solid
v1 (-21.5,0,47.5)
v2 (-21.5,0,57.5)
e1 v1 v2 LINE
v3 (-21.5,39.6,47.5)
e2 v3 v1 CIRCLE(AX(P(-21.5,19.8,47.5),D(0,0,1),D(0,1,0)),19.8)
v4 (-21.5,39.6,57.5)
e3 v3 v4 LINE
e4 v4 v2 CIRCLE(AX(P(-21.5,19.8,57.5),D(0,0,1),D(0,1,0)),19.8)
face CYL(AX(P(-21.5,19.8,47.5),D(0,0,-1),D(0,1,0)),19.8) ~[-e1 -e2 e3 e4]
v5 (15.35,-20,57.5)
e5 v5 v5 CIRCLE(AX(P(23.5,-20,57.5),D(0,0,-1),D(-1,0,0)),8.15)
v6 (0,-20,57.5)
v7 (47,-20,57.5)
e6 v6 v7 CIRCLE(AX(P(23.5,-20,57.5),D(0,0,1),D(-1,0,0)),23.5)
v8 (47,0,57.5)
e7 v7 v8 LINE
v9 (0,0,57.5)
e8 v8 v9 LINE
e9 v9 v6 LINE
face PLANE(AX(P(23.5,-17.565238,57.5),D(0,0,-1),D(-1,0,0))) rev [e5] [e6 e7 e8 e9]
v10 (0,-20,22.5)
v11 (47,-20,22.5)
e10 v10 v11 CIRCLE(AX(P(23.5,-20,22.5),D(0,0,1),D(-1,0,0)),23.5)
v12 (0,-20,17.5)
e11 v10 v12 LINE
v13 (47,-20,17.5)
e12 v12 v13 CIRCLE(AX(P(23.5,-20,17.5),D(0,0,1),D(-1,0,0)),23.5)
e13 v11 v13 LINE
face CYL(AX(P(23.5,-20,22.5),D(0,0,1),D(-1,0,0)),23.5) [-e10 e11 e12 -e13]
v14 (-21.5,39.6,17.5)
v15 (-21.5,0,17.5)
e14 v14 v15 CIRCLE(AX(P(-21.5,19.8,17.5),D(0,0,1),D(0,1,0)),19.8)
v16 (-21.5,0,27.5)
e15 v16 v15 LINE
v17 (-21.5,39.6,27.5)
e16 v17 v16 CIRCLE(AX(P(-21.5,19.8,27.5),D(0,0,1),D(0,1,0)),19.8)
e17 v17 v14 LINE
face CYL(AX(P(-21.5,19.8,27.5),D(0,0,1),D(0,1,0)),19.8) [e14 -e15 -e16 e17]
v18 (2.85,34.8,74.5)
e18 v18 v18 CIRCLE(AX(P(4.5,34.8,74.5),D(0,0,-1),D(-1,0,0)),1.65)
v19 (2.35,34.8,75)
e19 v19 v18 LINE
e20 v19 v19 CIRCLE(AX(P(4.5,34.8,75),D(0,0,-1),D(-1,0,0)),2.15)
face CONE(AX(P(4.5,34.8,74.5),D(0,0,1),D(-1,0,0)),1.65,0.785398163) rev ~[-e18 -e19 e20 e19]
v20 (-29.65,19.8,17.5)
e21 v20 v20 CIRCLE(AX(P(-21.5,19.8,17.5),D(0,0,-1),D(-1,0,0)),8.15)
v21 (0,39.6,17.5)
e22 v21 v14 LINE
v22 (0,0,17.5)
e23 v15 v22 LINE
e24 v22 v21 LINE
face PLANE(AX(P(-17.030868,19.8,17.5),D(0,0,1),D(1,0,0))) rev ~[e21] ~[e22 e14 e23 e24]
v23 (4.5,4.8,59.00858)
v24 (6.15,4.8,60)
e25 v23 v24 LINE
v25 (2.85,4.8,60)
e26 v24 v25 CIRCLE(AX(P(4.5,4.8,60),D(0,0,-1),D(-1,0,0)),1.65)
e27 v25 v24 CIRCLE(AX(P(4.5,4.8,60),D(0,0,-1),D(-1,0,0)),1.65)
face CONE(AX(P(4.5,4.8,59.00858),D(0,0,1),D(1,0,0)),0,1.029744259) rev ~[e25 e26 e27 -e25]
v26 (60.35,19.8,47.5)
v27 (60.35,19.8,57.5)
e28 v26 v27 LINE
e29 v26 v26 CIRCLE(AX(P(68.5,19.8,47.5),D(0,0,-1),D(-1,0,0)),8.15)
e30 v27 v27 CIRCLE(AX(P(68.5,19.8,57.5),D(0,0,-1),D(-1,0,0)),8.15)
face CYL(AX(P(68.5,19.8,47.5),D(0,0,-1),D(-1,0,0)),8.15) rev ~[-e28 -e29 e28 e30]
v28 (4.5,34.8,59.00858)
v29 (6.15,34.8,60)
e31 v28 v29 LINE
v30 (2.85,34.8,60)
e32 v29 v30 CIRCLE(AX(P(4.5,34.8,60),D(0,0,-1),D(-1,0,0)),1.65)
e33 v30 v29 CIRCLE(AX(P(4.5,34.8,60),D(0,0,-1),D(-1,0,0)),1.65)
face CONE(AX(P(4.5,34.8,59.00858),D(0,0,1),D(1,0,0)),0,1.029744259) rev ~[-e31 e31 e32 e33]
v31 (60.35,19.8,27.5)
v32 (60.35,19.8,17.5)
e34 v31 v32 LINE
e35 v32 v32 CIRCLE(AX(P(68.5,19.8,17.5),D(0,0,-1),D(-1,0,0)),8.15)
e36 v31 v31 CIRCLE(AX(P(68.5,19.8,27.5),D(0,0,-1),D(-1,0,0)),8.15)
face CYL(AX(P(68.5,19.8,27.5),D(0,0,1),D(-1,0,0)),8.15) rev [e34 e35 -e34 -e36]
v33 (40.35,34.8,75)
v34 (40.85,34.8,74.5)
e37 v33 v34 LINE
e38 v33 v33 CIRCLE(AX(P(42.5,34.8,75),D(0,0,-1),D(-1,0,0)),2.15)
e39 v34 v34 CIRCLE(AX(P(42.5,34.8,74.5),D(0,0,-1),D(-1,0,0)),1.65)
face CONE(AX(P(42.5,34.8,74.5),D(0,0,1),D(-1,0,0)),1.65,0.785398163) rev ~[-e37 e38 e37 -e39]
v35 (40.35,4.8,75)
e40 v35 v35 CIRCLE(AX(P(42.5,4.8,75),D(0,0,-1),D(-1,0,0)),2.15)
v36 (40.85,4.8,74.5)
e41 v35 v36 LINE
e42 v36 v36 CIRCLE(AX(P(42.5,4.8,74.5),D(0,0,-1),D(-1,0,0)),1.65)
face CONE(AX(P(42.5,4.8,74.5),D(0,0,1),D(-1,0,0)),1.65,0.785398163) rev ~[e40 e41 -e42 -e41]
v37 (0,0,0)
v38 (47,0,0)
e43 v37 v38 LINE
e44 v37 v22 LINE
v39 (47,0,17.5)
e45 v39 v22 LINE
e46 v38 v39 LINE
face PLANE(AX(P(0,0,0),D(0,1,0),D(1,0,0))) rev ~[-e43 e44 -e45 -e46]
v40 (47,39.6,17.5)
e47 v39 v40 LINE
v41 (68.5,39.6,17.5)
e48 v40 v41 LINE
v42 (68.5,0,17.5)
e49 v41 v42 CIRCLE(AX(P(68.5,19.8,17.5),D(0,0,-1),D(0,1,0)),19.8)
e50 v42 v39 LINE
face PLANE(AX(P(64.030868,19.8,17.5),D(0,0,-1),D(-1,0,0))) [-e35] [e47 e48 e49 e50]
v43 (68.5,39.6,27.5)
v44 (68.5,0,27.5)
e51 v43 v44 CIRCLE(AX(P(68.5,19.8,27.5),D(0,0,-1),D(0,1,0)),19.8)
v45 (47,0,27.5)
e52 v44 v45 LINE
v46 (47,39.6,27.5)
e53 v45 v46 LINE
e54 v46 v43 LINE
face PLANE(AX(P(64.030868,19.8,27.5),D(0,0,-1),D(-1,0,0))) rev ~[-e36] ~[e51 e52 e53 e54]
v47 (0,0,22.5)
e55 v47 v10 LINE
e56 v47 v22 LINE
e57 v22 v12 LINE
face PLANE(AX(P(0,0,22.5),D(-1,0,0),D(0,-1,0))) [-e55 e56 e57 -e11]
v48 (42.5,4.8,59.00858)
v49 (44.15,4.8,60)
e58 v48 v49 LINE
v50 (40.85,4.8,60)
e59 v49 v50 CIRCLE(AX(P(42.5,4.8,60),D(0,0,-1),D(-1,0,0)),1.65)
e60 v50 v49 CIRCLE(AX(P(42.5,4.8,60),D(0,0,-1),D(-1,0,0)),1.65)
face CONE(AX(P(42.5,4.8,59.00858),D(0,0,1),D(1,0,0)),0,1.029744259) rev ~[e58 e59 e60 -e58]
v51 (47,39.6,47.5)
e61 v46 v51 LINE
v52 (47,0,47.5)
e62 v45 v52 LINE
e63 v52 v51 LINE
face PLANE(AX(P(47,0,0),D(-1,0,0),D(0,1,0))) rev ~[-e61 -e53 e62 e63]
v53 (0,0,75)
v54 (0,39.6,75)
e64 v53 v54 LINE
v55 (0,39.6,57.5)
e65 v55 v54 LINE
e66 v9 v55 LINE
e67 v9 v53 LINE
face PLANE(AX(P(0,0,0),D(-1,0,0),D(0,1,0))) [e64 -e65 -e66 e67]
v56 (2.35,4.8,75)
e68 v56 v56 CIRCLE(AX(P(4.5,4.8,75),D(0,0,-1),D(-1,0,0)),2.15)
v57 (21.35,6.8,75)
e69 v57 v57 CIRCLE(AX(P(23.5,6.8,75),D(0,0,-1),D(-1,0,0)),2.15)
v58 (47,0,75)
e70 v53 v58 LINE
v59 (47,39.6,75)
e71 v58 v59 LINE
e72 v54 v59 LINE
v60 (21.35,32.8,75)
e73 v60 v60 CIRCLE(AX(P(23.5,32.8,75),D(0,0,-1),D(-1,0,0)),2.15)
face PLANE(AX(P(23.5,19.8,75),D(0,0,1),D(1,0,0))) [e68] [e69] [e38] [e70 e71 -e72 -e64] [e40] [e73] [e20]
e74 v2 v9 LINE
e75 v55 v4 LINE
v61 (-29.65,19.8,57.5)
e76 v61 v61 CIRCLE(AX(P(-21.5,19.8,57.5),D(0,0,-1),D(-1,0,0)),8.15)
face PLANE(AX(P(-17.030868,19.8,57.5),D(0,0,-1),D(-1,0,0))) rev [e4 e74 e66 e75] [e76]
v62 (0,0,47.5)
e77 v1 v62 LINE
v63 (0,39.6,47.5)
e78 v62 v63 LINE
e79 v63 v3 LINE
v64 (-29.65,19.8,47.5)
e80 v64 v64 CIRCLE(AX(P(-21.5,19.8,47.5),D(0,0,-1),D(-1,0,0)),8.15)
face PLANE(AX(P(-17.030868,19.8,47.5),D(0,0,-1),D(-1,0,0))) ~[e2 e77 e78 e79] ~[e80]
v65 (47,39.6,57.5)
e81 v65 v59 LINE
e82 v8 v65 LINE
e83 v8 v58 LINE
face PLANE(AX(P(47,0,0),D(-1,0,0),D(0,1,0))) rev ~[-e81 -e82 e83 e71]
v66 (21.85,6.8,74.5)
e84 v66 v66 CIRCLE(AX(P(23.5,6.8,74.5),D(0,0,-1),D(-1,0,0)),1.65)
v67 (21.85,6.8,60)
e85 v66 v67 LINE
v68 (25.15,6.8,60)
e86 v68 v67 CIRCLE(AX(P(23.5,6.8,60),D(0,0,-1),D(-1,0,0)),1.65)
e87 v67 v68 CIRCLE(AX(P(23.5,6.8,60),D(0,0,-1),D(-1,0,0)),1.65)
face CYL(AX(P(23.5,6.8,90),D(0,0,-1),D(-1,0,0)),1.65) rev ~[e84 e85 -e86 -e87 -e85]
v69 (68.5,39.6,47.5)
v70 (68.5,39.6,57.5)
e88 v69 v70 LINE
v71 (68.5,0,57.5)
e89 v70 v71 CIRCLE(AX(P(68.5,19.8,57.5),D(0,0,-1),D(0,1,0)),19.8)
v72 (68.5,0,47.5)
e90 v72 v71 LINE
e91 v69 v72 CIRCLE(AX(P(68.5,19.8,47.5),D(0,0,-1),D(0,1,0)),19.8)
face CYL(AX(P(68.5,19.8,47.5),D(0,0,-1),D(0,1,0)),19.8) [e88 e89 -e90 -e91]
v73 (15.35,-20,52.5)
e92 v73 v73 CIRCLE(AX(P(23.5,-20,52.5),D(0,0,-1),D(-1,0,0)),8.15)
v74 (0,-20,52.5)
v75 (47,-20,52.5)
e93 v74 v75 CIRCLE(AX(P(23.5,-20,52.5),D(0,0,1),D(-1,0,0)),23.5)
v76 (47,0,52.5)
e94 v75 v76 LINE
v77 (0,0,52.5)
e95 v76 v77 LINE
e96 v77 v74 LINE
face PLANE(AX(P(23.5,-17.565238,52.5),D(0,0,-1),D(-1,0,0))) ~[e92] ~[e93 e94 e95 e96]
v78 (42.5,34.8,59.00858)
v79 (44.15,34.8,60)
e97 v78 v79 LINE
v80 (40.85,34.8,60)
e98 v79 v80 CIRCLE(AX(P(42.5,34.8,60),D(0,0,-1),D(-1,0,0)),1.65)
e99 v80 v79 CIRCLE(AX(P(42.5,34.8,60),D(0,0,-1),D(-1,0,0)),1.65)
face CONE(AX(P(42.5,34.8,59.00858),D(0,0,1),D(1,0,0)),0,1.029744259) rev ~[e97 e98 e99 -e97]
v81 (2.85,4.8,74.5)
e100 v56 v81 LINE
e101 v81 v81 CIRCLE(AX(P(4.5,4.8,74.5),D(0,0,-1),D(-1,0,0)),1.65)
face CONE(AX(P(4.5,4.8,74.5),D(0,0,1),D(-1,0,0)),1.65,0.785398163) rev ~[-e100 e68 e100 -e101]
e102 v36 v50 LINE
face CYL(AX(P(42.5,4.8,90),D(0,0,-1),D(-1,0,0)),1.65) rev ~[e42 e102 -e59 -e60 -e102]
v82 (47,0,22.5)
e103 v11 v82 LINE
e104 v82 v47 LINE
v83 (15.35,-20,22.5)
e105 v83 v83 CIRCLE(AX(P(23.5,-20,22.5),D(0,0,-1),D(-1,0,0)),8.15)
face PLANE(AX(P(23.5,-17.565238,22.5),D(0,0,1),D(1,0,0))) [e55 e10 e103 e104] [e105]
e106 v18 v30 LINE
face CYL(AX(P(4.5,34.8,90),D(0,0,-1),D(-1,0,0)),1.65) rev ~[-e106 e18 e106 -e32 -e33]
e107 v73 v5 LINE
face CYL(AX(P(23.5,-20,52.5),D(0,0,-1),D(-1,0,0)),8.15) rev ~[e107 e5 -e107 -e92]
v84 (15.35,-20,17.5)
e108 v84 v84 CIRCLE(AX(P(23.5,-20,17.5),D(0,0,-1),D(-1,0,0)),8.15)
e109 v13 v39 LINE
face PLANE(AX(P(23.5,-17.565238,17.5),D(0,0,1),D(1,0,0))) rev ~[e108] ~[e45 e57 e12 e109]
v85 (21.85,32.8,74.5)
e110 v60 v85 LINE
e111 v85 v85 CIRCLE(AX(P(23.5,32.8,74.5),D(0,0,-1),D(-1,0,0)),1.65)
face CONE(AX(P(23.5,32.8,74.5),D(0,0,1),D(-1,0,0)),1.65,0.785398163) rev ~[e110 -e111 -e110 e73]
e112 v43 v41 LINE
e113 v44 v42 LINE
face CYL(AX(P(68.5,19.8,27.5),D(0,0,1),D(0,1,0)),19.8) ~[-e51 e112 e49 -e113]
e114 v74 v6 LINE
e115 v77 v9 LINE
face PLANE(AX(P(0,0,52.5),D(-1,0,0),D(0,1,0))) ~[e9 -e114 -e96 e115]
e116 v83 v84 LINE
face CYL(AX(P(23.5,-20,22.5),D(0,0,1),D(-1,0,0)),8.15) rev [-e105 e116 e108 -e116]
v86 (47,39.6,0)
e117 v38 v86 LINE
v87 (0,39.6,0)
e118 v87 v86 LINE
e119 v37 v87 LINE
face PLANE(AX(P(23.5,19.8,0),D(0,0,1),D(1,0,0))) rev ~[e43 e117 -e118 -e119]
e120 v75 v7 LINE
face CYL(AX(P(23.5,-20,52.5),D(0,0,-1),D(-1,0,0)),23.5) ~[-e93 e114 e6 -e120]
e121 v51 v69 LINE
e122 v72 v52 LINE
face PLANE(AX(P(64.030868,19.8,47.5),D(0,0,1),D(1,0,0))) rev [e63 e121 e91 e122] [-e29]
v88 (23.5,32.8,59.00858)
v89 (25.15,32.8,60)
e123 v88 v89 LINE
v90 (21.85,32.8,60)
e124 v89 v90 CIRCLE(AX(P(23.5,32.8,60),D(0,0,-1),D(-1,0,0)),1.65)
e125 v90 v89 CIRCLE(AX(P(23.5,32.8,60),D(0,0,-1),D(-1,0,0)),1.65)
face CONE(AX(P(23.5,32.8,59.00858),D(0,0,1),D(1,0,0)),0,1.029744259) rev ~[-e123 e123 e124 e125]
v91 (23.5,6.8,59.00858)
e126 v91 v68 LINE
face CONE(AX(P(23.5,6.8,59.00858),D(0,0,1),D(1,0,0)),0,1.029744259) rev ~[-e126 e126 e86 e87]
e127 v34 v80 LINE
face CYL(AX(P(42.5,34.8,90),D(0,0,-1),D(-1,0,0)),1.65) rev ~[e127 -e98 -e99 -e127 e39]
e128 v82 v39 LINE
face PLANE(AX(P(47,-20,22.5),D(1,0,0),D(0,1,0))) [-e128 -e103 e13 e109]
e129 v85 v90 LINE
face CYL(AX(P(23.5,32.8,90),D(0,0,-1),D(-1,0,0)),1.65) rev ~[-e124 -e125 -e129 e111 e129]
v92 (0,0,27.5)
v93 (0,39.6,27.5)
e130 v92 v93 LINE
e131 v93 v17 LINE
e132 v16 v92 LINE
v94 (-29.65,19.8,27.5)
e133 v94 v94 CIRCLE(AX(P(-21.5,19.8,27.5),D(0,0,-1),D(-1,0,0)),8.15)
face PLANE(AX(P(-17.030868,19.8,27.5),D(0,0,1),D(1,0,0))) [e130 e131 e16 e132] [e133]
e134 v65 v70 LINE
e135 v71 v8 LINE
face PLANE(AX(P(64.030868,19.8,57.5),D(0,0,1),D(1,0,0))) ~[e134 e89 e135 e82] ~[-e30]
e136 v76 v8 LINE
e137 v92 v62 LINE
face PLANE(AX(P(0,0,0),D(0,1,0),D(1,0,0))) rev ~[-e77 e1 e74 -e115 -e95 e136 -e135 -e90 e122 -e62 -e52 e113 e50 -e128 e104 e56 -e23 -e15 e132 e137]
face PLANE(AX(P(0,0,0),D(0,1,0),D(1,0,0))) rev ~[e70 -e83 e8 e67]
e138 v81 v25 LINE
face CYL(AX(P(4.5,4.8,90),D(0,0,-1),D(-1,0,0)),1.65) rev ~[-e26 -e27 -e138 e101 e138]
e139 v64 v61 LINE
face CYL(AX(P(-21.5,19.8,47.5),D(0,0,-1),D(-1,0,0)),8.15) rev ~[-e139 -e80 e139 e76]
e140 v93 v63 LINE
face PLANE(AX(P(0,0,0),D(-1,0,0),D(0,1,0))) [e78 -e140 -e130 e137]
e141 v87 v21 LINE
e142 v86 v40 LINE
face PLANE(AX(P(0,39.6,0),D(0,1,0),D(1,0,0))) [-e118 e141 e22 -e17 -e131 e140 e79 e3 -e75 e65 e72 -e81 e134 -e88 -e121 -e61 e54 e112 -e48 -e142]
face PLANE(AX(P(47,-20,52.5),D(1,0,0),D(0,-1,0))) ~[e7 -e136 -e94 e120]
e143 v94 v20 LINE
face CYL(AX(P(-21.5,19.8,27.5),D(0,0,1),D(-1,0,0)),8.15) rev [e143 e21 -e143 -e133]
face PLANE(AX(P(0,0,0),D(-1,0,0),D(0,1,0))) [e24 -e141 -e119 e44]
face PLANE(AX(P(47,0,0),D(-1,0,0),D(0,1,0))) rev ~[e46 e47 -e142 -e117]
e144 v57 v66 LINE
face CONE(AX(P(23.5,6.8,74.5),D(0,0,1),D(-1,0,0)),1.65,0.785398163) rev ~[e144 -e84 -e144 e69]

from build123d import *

# Parameters (mm, degrees)
SZKIC1_W                       = 47
SZKIC1_H                       = 39.6
DODANIE_WYCI_GNI_CIE3_DEPTH    = 75
SZKIC4_R                       = 8.15
DODANIE_WYCI_GNI_CIE4_DEPTH    = 10
SZKIC5_R                       = 8.15
DODANIE_WYCI_GNI_CIE5_DEPTH    = 5
OTW_R_GWINTOWANY_M4X0_71_D     = 3.3
OTW_R_GWINTOWANY_M4X0_71_DEPTH = 15
OTW_R_GWINTOWANY_M4X0_71_TIP   = 0.991420021
SFAZOWANIE1_SIZE               = 0.5


with BuildPart() as part:
    # Szkic1 → Dodanie-wyciągnięcie3 (new body)
    with BuildSketch(Plane.XY):
        with Locations((23.5, 19.8)):
            Rectangle(SZKIC1_W, SZKIC1_H)
    extrude(amount=DODANIE_WYCI_GNI_CIE3_DEPTH)

    # Szkic4 → Dodanie-wyciągnięcie4 (add)
    with BuildSketch(Plane(origin=(0, 0, 27.5), x_dir=(-1, 0, 0), z_dir=(0, 0, -1))):
        with BuildLine():
            Line((-47, 39.6), (-68.5, 39.6))
            ThreePointArc((-68.5, 39.6), (-88.3, 19.8), (-68.5, 0))
            Line((-68.5, 0), (-47, 0))
            Line((-47, 0), (-47, 39.6))
        make_face()
        with Locations((-68.5, 19.8)):
            Circle(SZKIC4_R, mode=Mode.SUBTRACT)
        with BuildLine():
            Line((21.5, 0), (0, 0))
            Line((0, 0), (0, 39.6))
            Line((0, 39.6), (21.5, 39.6))
            ThreePointArc((21.5, 39.6), (41.3, 19.8), (21.5, 0))
        make_face()
        with Locations((21.5, 19.8)):
            Circle(SZKIC4_R, mode=Mode.SUBTRACT)
    dodanie_wyci_gni_cie4 = extrude(amount=DODANIE_WYCI_GNI_CIE4_DEPTH)

    # Lustro1: Dodanie-wyciągnięcie4 across plane
    add(dodanie_wyci_gni_cie4.mirror(Plane(origin=(0, 0, 37.5), x_dir=(1, 0, 0), z_dir=(0, 0, -1))))

    # Szkic5 → Dodanie-wyciągnięcie5 (add)
    with BuildSketch(Plane(origin=(0, 0, 22.5), x_dir=(-1, 0, 0), z_dir=(0, 0, -1))):
        with BuildLine():
            Line((-47, 0), (0, 0))
            Line((0, 0), (0, -20))
            ThreePointArc((0, -20), (-23.5, -43.5), (-47, -20))
            Line((-47, -20), (-47, 0))
        make_face()
        with Locations((-23.5, -20)):
            Circle(SZKIC5_R, mode=Mode.SUBTRACT)
    dodanie_wyci_gni_cie5 = extrude(amount=DODANIE_WYCI_GNI_CIE5_DEPTH)

    # Lustro2: Dodanie-wyciągnięcie5 across plane
    add(dodanie_wyci_gni_cie5.mirror(Plane(origin=(0, 0, 37.5), x_dir=(1, 0, 0), z_dir=(0, 0, -1))))

    # Otwór gwintowany M4x0.71
    with Locations(Plane.XY.offset(75)):
        with Locations((4.5, 34.8), (23.5, 32.8), (42.5, 34.8), (42.5, 4.8), (23.5, 6.8), (4.5, 4.8)):
            Hole(OTW_R_GWINTOWANY_M4X0_71_D / 2, depth=OTW_R_GWINTOWANY_M4X0_71_DEPTH)
            with Locations((0, 0, -(OTW_R_GWINTOWANY_M4X0_71_DEPTH + OTW_R_GWINTOWANY_M4X0_71_TIP / 2))):  # 118° drill point
                Cone(0, OTW_R_GWINTOWANY_M4X0_71_D / 2, OTW_R_GWINTOWANY_M4X0_71_TIP, mode=Mode.SUBTRACT)

    # Sfazowanie1
    sfazowanie1_edges = [part.edges().sort_by_distance(p)[0] for p in [
        (6.15, 4.8, 75),
        (25.15, 6.8, 75),
        (44.15, 4.8, 75),
        (44.15, 34.8, 75),
        (25.15, 32.8, 75),
        (6.15, 34.8, 75),
    ]]
    chamfer(sfazowanie1_edges, length=SFAZOWANIE1_SIZE)


solid = part.part
